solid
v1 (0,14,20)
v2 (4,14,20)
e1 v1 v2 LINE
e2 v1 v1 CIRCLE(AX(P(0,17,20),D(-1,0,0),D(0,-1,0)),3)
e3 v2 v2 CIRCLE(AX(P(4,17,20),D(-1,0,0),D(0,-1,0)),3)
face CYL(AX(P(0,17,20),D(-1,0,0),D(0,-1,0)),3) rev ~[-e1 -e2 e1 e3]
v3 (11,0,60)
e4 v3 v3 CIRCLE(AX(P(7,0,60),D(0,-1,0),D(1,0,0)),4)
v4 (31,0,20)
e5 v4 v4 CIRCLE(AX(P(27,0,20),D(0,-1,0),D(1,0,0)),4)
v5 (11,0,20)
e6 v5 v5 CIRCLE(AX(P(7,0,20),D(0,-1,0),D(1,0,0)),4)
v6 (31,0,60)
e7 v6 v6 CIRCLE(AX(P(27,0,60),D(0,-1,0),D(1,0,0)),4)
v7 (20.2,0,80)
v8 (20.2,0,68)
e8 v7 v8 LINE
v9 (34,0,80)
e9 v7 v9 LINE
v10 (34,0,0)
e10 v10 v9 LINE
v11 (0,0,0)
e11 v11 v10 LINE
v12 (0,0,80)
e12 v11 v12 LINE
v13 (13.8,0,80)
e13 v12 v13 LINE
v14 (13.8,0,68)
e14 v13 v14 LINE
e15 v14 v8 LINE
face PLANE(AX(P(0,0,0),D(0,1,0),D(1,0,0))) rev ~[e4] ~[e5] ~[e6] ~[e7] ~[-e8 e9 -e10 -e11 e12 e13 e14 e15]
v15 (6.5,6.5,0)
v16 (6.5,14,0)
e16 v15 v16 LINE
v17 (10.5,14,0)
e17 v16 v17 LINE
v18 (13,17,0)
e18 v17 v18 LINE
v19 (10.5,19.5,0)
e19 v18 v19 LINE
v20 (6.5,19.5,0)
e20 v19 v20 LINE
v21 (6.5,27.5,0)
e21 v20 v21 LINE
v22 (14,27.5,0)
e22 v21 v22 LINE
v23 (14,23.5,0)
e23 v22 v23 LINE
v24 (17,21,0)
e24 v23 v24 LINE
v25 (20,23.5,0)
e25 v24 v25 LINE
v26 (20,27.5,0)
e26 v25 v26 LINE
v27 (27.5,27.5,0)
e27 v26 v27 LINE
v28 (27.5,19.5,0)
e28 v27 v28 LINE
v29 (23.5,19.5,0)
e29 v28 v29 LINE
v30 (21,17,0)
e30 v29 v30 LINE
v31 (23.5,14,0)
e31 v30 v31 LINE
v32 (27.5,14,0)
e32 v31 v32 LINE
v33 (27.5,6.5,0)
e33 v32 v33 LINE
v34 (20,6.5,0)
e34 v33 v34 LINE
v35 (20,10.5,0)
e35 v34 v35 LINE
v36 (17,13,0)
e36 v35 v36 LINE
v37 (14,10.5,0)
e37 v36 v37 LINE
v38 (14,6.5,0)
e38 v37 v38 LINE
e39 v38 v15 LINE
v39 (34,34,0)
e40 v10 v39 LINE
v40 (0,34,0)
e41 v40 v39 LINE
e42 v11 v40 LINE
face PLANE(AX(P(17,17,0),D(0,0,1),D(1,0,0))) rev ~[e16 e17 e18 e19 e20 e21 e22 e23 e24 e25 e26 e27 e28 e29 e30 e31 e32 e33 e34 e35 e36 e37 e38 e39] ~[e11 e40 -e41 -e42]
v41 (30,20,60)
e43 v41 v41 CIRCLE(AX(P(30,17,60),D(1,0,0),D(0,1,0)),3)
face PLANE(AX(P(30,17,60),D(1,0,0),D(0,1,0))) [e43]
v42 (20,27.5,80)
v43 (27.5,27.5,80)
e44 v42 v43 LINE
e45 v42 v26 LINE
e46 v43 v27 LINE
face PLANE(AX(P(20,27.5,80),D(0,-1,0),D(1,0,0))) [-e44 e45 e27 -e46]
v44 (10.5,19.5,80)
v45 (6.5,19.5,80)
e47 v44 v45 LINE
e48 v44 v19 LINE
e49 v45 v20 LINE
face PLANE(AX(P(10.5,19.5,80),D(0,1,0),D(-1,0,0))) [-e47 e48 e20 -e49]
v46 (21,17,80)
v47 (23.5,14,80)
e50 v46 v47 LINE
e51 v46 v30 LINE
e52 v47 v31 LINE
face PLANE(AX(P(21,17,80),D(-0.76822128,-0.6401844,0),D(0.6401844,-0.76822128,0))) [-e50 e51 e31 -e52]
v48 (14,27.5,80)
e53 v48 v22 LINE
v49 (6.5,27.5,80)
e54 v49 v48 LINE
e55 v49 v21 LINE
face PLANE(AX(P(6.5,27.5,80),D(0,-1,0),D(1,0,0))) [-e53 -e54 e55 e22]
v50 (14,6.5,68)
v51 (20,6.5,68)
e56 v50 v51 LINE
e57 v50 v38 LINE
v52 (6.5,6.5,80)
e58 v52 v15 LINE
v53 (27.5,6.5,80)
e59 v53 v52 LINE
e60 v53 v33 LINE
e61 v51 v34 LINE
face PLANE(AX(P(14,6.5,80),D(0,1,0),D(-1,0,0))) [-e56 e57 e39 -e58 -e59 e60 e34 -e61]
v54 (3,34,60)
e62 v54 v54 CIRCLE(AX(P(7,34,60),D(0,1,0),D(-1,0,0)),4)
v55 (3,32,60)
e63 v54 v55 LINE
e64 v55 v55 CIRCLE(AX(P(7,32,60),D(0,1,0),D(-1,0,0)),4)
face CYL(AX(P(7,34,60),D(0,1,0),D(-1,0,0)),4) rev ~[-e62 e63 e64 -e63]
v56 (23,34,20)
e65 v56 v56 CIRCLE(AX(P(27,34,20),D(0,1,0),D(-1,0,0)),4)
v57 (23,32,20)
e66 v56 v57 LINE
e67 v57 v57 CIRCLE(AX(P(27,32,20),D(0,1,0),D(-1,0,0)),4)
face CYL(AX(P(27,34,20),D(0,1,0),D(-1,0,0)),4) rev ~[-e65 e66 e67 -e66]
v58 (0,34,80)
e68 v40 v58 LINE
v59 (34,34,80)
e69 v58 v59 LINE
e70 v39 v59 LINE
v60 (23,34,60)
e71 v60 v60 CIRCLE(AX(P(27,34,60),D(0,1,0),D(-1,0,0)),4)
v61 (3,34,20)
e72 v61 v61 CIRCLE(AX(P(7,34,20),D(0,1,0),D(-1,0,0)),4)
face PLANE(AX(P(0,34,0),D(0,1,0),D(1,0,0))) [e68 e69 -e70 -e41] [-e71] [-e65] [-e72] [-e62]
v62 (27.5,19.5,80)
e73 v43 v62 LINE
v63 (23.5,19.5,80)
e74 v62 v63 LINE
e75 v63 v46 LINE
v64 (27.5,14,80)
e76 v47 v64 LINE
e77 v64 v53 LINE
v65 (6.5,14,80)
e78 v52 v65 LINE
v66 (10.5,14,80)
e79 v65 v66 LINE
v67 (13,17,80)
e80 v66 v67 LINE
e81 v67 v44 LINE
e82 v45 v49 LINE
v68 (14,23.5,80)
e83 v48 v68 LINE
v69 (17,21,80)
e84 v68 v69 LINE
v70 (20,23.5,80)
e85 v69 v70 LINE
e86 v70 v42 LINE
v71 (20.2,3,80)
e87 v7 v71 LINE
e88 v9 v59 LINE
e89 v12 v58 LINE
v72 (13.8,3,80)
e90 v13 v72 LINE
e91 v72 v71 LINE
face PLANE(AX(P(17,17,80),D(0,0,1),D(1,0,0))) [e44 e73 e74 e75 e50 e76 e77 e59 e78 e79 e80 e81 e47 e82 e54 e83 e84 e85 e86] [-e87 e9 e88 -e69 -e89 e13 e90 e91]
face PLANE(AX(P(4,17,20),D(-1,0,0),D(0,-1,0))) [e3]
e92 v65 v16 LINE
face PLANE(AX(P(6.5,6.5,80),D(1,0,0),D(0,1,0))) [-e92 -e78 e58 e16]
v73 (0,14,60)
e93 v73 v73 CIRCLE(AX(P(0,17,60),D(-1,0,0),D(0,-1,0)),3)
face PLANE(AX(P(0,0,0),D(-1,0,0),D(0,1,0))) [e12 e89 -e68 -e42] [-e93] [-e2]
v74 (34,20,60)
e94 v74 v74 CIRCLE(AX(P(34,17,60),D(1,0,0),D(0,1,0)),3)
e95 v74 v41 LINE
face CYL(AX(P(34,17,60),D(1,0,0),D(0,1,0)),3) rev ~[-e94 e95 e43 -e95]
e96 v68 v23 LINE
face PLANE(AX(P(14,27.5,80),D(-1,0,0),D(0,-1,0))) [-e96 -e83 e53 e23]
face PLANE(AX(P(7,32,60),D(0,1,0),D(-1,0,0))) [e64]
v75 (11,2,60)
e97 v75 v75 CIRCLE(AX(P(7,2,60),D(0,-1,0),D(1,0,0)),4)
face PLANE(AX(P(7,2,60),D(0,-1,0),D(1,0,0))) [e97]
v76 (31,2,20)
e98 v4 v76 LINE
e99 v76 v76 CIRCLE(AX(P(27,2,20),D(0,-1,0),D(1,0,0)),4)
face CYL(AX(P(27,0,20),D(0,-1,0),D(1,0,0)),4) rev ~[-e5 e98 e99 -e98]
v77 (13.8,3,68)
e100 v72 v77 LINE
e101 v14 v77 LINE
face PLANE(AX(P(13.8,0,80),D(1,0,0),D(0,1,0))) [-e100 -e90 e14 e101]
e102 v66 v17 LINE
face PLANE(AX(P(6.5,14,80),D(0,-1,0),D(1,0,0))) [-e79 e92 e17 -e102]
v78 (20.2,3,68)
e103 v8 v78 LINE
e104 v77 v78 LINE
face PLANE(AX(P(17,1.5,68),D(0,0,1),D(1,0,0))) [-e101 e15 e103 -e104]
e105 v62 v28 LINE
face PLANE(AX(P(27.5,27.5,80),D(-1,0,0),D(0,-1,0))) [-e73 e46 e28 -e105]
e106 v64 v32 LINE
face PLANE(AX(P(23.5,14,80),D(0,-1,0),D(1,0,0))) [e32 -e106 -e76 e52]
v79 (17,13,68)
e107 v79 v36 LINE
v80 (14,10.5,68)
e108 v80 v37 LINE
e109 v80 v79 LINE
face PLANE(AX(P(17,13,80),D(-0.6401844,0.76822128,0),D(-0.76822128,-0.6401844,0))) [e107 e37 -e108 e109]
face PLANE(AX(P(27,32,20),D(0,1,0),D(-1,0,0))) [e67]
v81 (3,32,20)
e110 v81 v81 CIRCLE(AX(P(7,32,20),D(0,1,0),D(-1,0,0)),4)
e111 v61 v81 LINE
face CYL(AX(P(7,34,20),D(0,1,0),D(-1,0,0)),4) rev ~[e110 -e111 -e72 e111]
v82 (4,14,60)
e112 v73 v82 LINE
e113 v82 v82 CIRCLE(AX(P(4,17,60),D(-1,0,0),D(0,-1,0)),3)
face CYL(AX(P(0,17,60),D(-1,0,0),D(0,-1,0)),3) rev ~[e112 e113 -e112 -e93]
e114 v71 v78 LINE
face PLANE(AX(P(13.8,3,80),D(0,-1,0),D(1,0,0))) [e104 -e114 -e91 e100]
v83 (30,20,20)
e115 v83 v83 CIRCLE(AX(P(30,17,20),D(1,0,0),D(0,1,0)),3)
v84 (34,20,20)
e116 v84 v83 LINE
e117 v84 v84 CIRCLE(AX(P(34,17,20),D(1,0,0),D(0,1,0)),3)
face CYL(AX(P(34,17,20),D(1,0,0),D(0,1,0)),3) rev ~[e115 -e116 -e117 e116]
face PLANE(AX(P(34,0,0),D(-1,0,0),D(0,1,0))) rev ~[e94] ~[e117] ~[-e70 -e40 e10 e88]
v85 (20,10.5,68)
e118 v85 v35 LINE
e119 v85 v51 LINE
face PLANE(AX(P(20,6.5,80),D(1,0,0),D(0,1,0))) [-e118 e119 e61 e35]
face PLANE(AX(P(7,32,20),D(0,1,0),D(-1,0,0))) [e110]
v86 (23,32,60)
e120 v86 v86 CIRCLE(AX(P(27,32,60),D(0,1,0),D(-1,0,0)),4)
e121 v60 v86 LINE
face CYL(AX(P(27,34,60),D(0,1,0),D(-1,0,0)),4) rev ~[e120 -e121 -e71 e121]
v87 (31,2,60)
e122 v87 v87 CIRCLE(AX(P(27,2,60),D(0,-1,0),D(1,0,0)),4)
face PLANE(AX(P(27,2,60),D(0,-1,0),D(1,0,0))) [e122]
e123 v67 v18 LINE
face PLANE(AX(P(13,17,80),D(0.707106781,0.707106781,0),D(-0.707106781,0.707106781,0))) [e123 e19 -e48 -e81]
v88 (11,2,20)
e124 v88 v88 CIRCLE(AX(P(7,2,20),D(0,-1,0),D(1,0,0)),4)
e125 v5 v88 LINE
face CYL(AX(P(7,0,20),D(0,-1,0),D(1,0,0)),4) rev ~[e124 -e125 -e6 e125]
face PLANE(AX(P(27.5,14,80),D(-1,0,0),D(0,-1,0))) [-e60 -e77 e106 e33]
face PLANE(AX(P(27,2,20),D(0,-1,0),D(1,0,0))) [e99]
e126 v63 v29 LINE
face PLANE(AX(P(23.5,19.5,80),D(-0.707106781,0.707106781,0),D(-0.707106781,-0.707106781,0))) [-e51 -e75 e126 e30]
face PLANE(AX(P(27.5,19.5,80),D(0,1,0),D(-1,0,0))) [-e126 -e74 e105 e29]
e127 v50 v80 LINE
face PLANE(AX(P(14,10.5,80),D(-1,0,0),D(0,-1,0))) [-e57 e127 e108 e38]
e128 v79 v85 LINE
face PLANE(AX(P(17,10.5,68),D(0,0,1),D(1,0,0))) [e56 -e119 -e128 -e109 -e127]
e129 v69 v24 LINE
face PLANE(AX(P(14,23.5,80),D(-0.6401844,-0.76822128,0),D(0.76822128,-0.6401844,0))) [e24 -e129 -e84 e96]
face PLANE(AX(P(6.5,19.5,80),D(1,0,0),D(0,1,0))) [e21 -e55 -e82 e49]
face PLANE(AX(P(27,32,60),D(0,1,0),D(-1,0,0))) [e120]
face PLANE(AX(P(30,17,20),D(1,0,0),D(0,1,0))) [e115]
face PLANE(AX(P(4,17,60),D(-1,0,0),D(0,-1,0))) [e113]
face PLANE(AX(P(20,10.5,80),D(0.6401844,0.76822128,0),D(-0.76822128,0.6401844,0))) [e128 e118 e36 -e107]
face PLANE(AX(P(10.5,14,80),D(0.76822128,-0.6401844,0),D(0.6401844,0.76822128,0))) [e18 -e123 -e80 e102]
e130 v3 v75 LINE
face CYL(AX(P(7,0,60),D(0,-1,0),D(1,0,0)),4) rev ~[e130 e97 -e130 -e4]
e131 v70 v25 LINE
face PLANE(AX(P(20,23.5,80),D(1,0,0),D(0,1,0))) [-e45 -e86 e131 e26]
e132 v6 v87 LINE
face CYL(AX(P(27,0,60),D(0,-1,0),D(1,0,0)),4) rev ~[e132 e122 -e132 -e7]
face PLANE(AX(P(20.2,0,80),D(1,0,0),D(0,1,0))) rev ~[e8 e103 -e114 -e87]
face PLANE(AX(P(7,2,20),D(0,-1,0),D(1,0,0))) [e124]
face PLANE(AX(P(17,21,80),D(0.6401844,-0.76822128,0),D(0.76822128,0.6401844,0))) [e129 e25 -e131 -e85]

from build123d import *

# Parameters (mm, degrees)
SKETCH_W        = 34
SKETCH_H        = 34
PAD_DEPTH       = 80
POCKET_DEPTH    = 80
SKETCH002_R     = 3
POCKET001_DEPTH = 4
SKETCH003_R     = 3
POCKET002_DEPTH = 4
SKETCH004_R     = 4
POCKET003_DEPTH = 2
SKETCH005_R     = 4
POCKET004_DEPTH = 2
SKETCH006_W     = 6.4
SKETCH006_H     = 3
SKETCH006_W_2   = 8
SKETCH006_H_2   = 8
POCKET005_DEPTH = 12


with BuildPart() as part:
    # Sketch → Pad (new body)
    with BuildSketch(Plane.XY):
        with Locations((17, 17)):
            Rectangle(SKETCH_W, SKETCH_H)
    extrude(amount=PAD_DEPTH)

    # Sketch001 (on Face6 of Pad) → Pocket (cut)
    with BuildSketch(Plane.XY.offset(80)):
        Polygon((6.5, 27.5), (14, 27.5), (14, 23.5), (17, 21), (20, 23.5), (20, 27.5), (27.5, 27.5), (27.5, 19.5), (23.5, 19.5), (21, 17), (23.5, 14), (27.5, 14), (27.5, 6.5), (20, 6.5), (20, 10.5), (17, 13), (14, 10.5), (14, 6.5), (6.5, 6.5), (6.5, 14), (10.5, 14), (13, 17), (10.5, 19.5), (6.5, 19.5), align=None)
    extrude(amount=-POCKET_DEPTH, mode=Mode.SUBTRACT)

    # Sketch002 (on Face2 of Pocket) → Pocket001 (cut)
    with BuildSketch(Plane(origin=(0, 0, 0), x_dir=(0, -1, 0), z_dir=(-1, 0, 0))):
        with Locations((-17, 60)):
            Circle(SKETCH002_R)
        with Locations((-17, 20)):
            Circle(SKETCH002_R)
    extrude(amount=-POCKET001_DEPTH, mode=Mode.SUBTRACT)

    # Sketch003 (on Face3 of Pocket001) → Pocket002 (cut)
    with BuildSketch(Plane.YZ.offset(34)):
        with Locations((17, 60)):
            Circle(SKETCH003_R)
        with Locations((17, 20)):
            Circle(SKETCH003_R)
    extrude(amount=-POCKET002_DEPTH, mode=Mode.SUBTRACT)

    # Sketch004 (on Face1 of Pocket002) → Pocket003 (cut)
    with BuildSketch(Plane(origin=(0, 34, 0), x_dir=(-1, 0, 0), z_dir=(0, 1, 0))):
        with Locations((-27, 60)):
            Circle(SKETCH004_R)
        with Locations((-7, 60)):
            Circle(SKETCH004_R)
        with Locations((-27, 20)):
            Circle(SKETCH004_R)
        with Locations((-7, 20)):
            Circle(SKETCH004_R)
    extrude(amount=-POCKET003_DEPTH, mode=Mode.SUBTRACT)

    # Sketch005 (on Face10 of Pocket003) → Pocket004 (cut)
    with BuildSketch(Plane.XZ):
        with Locations((7, 60)):
            Circle(SKETCH005_R)
        with Locations((27, 60)):
            Circle(SKETCH005_R)
        with Locations((7, 20)):
            Circle(SKETCH005_R)
        with Locations((27, 20)):
            Circle(SKETCH005_R)
    extrude(amount=-POCKET004_DEPTH, mode=Mode.SUBTRACT)

    # Sketch006 (on Face4 of Pocket004) → Pocket005 (cut)
    with BuildSketch(Plane.XY.offset(80)):
        with Locations((17, 1.5)):
            Rectangle(SKETCH006_W, SKETCH006_H)
        with Locations((17, 10.5)):
            Rectangle(SKETCH006_W_2, SKETCH006_H_2)
    extrude(amount=-POCKET005_DEPTH, mode=Mode.SUBTRACT)


solid = part.part
